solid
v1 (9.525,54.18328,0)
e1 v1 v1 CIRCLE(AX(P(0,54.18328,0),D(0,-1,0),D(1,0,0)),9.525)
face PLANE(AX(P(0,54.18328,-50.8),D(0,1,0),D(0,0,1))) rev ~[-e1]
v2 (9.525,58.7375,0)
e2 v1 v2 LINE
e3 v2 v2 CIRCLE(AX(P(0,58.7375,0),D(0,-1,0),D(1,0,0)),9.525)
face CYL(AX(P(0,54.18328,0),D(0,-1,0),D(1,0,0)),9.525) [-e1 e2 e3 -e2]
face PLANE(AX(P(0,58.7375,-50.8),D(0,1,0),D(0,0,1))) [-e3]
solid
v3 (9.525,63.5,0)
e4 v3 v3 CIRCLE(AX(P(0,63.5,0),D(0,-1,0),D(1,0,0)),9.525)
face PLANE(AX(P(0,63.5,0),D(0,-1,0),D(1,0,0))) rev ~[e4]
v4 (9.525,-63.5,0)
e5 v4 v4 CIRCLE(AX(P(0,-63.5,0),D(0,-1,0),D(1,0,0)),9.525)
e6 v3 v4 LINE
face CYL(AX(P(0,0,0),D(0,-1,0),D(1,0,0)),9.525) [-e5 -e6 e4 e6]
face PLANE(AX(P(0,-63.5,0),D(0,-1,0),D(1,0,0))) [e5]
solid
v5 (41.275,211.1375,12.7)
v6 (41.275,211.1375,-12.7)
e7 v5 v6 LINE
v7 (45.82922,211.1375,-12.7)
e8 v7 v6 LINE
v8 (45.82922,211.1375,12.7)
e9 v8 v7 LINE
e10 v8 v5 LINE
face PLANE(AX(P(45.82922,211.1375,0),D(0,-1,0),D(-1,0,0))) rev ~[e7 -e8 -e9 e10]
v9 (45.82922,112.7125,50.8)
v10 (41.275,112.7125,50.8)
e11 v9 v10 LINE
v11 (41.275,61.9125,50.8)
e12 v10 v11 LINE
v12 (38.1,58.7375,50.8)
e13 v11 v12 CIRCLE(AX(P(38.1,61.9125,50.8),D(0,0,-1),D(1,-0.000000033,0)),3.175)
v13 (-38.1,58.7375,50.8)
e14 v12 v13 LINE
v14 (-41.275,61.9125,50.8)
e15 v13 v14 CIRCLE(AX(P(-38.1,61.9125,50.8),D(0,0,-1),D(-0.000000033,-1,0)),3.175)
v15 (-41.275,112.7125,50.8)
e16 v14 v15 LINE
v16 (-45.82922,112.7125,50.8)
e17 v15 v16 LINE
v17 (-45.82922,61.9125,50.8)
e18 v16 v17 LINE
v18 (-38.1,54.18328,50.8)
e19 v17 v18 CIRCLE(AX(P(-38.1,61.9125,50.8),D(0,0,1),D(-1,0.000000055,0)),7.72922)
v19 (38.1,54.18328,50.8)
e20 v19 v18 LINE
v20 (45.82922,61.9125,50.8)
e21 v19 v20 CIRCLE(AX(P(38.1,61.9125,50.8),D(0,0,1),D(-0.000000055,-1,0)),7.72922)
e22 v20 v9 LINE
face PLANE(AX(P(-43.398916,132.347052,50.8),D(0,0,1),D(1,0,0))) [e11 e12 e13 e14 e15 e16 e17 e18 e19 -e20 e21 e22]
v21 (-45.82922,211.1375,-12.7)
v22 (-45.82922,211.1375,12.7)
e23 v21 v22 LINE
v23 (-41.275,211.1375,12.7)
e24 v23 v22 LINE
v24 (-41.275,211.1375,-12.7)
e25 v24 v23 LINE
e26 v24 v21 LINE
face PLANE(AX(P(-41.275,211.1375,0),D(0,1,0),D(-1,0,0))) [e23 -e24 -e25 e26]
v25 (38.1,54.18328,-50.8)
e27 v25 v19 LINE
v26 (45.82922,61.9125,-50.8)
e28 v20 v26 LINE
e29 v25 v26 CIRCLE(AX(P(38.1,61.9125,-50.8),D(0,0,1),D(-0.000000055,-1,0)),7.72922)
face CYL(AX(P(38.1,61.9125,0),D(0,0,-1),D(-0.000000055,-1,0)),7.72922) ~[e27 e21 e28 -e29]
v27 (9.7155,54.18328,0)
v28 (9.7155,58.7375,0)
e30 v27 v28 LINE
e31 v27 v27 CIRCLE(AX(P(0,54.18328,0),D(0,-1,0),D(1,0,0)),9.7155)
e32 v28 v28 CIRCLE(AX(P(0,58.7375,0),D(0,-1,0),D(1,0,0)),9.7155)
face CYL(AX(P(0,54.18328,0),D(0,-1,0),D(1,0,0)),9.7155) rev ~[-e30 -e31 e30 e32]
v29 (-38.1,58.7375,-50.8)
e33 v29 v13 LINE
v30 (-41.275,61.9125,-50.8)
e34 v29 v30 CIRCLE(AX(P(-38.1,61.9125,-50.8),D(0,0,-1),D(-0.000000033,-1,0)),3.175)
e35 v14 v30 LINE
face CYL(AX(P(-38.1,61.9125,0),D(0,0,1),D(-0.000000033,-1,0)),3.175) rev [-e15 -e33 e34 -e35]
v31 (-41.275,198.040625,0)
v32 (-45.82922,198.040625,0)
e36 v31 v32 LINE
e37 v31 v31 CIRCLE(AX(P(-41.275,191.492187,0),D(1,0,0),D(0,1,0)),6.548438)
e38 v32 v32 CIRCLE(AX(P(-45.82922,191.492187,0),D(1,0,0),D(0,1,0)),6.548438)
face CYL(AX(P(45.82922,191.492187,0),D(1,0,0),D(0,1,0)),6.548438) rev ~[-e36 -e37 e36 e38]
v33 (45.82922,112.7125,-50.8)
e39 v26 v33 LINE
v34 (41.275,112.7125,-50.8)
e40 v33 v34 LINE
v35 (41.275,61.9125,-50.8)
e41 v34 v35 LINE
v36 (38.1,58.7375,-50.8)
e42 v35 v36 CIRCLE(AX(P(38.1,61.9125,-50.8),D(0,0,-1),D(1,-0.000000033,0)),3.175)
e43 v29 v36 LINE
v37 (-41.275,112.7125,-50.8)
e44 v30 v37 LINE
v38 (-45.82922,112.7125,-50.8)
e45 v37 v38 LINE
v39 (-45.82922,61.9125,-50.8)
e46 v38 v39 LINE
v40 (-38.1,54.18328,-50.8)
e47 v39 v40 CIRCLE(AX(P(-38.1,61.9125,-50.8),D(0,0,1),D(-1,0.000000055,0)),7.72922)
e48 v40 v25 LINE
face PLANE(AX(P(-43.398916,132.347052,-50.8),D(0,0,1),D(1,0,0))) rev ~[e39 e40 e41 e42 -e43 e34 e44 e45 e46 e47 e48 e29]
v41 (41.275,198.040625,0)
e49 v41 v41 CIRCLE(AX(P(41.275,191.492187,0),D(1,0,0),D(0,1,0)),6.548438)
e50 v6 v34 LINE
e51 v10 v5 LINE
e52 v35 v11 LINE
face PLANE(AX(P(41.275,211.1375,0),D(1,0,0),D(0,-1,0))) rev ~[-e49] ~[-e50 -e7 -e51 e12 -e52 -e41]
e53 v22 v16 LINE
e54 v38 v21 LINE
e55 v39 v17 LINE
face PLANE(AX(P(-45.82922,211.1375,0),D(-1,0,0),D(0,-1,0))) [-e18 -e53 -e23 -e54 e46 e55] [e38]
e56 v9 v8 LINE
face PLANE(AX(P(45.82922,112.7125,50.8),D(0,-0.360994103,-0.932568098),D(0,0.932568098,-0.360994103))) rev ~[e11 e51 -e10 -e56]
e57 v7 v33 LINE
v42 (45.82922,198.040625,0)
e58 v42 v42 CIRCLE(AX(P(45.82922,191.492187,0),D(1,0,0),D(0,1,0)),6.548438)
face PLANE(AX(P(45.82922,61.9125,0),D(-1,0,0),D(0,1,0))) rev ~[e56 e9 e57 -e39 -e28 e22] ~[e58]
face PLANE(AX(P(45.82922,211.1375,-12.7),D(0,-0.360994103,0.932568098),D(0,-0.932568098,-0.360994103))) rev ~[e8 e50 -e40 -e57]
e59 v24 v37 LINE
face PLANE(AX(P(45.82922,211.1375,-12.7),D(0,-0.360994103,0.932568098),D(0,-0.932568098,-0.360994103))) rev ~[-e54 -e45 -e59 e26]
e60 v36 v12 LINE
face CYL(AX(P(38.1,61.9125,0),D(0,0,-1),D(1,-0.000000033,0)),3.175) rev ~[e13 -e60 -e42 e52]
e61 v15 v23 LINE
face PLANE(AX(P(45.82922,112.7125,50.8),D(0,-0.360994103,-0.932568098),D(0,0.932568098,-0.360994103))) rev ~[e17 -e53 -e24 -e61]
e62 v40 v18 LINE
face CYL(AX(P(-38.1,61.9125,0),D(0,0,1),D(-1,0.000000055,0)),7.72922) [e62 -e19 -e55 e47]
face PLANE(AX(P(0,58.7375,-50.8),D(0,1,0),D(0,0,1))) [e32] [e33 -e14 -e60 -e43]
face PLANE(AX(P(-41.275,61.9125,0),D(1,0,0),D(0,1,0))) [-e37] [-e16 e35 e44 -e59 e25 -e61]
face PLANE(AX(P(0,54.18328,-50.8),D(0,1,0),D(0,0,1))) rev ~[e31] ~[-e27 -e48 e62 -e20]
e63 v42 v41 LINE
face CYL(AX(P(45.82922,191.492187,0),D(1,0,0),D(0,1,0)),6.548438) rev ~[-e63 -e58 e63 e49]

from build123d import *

# Parameters (mm, degrees)
F0_R     = 9.525
F1_DEPTH = 63.5
F2_W     = 4.55422
F2_H     = 101.6
F3_DEPTH = 38.1
F5_DEPTH = 50.8
F6_R     = 6.548438
F7_DEPTH = 91.65944
F8_R     = 9.7155
F8_R_2   = 9.525
F9_DEPTH = 156.95522


with BuildPart() as f1:
    # F0 (on Front) → F1 (new body, symmetric)
    with BuildSketch(Plane.XZ):
        Circle(F0_R)
    extrude(amount=F1_DEPTH, both=True)


with BuildPart() as f3:
    # F2 (on Right) → F3 (new body, symmetric)
    with BuildSketch(Plane.YZ):
        with Locations((56.46039, 0)):
            Rectangle(F2_W, F2_H)
    extrude(amount=F3_DEPTH, both=True)

    # F4 (on Top) → F5 (join, symmetric)
    with BuildSketch(Plane.XY):
        with BuildLine():
            Line((41.275, 211.1375), (41.275, 61.9125))
            ThreePointArc((41.275, 61.9125), (40.345064, 59.667436), (38.1, 58.7375))
            Line((38.1, 58.7375), (38.1, 54.18328))
            ThreePointArc((38.1, 54.18328), (43.565384, 56.447116), (45.82922, 61.9125))
            Line((45.82922, 61.9125), (45.82922, 211.1375))
            Line((45.82922, 211.1375), (41.275, 211.1375))
        make_face()
        with BuildLine():
            Line((-41.275, 61.9125), (-41.275, 211.1375))
            Line((-41.275, 211.1375), (-45.82922, 211.1375))
            Line((-45.82922, 211.1375), (-45.82922, 61.9125))
            ThreePointArc((-45.82922, 61.9125), (-43.565384, 56.447116), (-38.1, 54.18328))
            Line((-38.1, 54.18328), (-38.1, 58.7375))
            ThreePointArc((-38.1, 58.7375), (-40.345064, 59.667436), (-41.275, 61.9125))
        make_face()
    extrude(amount=F5_DEPTH, both=True)

    # F6 (on face) → F7 (cut, through all)
    with BuildSketch(Plane.YZ.offset(45.82922)):
        Polygon((211.1375, 12.7), (211.1375, 50.8), (112.7125, 50.8), align=None)
        Polygon((211.1375, -50.8), (211.1375, -12.7), (112.7125, -50.8), align=None)
        with Locations((191.492187, 0)):
            Circle(F6_R)
    extrude(amount=-F7_DEPTH, mode=Mode.SUBTRACT)

    # F8 (on face) → F9 (cut, through all)
    with BuildSketch(Plane.XZ.offset(-54.18328)):
        Circle(F8_R)
        Circle(F8_R_2, mode=Mode.SUBTRACT)
    extrude(amount=-F9_DEPTH, mode=Mode.SUBTRACT)


solid = Compound([f1.part, f3.part])
